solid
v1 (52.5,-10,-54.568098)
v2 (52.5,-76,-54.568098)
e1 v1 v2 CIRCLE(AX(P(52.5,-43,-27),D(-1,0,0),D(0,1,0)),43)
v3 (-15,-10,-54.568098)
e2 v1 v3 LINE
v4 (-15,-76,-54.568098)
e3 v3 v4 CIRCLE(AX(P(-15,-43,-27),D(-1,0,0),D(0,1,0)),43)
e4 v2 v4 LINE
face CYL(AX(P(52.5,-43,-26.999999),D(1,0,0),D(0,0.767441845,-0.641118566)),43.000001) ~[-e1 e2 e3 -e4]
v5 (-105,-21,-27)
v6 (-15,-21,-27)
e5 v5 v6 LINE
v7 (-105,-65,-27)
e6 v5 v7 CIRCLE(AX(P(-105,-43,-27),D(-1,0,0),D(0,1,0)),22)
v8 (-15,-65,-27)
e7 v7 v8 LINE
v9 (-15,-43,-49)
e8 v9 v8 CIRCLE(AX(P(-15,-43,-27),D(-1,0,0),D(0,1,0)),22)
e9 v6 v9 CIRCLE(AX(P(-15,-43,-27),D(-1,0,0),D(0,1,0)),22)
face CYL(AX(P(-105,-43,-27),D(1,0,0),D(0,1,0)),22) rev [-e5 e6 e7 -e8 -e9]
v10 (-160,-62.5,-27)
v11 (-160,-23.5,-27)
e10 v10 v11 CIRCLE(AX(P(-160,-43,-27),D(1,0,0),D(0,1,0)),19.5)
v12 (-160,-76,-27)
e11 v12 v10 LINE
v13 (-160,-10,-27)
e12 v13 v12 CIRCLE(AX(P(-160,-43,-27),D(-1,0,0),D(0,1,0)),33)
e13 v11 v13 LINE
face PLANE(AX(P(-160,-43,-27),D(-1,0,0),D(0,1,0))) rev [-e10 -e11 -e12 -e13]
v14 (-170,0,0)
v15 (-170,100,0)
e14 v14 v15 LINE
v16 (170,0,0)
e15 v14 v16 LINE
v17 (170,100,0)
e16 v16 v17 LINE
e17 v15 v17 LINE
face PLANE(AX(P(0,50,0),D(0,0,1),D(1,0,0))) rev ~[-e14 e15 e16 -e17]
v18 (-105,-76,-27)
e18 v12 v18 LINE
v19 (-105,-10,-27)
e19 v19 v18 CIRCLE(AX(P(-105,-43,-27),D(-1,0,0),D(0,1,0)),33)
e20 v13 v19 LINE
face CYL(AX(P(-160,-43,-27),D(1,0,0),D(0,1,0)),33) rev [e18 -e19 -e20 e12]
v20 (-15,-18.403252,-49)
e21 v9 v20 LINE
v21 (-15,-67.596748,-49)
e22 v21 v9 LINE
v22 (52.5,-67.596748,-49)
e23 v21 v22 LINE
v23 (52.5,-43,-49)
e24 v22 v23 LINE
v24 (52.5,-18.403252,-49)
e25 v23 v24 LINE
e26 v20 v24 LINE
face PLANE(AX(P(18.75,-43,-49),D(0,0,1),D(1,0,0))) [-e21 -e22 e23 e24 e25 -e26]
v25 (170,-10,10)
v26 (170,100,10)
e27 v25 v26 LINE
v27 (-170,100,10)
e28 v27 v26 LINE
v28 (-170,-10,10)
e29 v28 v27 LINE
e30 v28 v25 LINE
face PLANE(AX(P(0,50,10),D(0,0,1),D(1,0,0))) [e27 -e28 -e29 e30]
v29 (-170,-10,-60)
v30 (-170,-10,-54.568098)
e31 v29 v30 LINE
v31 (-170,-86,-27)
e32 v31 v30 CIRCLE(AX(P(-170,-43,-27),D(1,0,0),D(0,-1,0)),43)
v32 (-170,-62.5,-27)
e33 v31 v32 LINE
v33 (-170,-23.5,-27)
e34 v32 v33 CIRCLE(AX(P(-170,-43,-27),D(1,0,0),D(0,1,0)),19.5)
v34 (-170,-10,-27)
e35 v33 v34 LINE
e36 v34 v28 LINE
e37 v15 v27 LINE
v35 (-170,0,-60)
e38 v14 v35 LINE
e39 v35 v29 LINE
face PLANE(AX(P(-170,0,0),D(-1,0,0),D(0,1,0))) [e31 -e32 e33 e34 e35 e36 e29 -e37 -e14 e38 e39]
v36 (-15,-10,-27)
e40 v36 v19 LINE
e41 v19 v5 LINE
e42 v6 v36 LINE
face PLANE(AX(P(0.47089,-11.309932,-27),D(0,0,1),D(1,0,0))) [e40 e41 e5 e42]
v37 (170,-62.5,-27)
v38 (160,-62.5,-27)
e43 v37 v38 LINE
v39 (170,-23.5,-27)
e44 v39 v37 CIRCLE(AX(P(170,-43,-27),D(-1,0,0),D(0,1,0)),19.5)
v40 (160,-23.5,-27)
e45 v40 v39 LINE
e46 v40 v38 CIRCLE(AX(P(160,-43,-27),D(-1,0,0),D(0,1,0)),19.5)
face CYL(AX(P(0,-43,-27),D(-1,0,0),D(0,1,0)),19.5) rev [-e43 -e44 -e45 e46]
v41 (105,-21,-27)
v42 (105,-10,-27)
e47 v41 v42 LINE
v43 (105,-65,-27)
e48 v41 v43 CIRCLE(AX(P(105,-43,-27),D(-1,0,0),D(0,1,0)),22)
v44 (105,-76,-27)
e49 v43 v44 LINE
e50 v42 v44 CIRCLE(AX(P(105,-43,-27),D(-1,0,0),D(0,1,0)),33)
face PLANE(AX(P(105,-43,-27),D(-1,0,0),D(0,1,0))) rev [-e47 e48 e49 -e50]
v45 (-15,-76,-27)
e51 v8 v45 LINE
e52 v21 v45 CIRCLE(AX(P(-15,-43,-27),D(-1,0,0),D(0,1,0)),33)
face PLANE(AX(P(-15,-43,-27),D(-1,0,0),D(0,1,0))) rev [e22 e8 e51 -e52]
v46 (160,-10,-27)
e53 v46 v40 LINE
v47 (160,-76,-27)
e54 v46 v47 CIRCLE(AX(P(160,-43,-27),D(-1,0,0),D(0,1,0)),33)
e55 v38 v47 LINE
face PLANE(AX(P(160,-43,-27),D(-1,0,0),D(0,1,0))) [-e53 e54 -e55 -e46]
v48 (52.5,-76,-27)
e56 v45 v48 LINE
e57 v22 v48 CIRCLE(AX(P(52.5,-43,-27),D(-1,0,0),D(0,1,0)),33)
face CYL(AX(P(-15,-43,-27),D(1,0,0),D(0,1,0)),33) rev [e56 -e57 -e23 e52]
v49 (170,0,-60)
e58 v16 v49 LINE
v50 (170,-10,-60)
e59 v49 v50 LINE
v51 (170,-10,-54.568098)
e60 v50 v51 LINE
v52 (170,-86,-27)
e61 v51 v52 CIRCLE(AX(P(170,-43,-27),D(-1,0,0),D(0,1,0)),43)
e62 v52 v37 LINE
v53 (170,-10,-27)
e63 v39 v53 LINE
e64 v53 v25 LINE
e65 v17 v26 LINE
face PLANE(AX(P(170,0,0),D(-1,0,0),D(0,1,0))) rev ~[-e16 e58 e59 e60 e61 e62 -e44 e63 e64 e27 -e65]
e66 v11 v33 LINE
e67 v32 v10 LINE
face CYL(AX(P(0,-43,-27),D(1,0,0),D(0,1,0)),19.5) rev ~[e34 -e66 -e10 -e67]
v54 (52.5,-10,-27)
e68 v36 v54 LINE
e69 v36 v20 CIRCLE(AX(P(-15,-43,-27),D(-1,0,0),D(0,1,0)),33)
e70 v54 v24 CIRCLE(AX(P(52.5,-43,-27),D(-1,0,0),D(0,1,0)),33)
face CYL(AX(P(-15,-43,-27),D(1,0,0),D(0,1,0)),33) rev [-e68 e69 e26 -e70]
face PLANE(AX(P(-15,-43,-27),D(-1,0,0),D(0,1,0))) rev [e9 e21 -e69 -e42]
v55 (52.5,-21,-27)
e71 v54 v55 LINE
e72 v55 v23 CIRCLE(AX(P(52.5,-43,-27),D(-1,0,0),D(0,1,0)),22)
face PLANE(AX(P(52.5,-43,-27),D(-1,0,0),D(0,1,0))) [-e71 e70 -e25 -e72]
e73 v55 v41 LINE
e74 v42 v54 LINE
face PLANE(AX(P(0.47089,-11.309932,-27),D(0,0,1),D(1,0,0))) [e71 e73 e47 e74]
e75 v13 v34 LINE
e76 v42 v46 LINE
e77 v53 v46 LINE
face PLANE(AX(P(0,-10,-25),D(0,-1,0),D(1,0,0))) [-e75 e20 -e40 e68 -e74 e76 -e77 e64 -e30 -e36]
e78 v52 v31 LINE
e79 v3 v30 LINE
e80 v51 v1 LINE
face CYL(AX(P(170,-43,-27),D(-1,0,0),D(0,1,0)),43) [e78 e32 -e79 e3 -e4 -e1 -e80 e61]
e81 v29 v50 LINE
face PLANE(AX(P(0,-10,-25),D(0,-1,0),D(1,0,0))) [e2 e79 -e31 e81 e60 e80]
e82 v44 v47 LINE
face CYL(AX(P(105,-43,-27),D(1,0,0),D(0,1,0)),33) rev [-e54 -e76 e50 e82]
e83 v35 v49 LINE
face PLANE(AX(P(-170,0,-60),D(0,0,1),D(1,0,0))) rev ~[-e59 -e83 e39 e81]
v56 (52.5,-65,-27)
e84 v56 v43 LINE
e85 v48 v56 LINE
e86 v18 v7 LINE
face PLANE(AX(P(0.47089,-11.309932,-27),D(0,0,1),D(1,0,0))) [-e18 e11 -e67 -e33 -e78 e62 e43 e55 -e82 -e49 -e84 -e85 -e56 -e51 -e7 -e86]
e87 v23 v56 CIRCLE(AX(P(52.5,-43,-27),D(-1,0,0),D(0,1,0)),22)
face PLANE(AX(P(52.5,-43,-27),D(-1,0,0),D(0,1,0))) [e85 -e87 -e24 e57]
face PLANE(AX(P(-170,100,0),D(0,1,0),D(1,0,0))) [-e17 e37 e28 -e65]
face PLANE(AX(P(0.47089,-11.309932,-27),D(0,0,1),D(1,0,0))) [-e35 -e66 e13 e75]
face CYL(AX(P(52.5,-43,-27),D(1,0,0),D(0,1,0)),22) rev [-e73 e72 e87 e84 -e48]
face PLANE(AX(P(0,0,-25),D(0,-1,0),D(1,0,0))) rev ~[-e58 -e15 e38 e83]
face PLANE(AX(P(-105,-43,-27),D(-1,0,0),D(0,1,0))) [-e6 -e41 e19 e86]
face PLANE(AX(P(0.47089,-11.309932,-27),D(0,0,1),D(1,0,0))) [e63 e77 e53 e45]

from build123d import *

# Parameters (mm, degrees)
F0_W      = 340
F0_H      = 70
F1_DEPTH  = 10
F2_W      = 340
F2_H      = 100
F3_DEPTH  = 10
F7_ANGLE  = 180
F8_R      = 19.5
F9_DEPTH  = 170.001
F10_DEPTH = 170.001
F12_W     = 67.5
F12_H     = 66
F13_DEPTH = 25
F15_DEPTH = 222.501


with BuildPart() as f1:
    # F0 (on Front) → F1 (new body)
    with BuildSketch(Plane.XZ):
        with Locations((0, -25)):
            Rectangle(F0_W, F0_H)
    extrude(amount=F1_DEPTH)

    # F2 (on Top) → F3 (join)
    with BuildSketch(Plane.XY):
        with Locations((0, 50)):
            Rectangle(F2_W, F2_H)
    extrude(amount=F3_DEPTH)

    # F5 (on offset) → F7 (revolve)
    with BuildSketch(Plane.XY.offset(-27)):
        Polygon((170, 0), (-170, 0), (-170, -43), (-160, -43), (-160, -10), (-105, -10), (-105, -21), (-15, -21), (-15, -10), (52.5, -10), (52.5, -21), (105, -21), (105, -10), (160, -10), (160, -43), (170, -43), align=None)
    revolve(axis=Axis((0, -43, -27), (-1, 0, 0)), revolution_arc=F7_ANGLE)

    # F8 (on Right) → F9 (cut, through all)
    with BuildSketch(Plane.YZ):
        with Locations((-43, -27)):
            Circle(F8_R)
    extrude(amount=F9_DEPTH, mode=Mode.SUBTRACT)

    # F8 (on Right) → F10 (cut, through all)
    with BuildSketch(Plane.YZ):
        with Locations((-43, -27)):
            Circle(F8_R)
    extrude(amount=-F10_DEPTH, mode=Mode.SUBTRACT)

    # F12 (on offset) → F13 (join)
    with BuildSketch(Plane.XY.offset(-49)):
        with Locations((18.75, -43)):
            Rectangle(F12_W, F12_H)
    extrude(amount=-F13_DEPTH)

    # F14 (on face) → F15 (cut, through all)
    with BuildSketch(Plane.YZ.offset(52.5)):
        with BuildLine():
            ThreePointArc((-10, -54.568098), (-43, -70), (-76, -54.568098))
            Line((-76, -54.568098), (-76, -74))
            Line((-76, -74), (-10, -74))
            Line((-10, -74), (-10, -54.568098))
        make_face()
    extrude(amount=-F15_DEPTH, mode=Mode.SUBTRACT)


solid = f1.part
